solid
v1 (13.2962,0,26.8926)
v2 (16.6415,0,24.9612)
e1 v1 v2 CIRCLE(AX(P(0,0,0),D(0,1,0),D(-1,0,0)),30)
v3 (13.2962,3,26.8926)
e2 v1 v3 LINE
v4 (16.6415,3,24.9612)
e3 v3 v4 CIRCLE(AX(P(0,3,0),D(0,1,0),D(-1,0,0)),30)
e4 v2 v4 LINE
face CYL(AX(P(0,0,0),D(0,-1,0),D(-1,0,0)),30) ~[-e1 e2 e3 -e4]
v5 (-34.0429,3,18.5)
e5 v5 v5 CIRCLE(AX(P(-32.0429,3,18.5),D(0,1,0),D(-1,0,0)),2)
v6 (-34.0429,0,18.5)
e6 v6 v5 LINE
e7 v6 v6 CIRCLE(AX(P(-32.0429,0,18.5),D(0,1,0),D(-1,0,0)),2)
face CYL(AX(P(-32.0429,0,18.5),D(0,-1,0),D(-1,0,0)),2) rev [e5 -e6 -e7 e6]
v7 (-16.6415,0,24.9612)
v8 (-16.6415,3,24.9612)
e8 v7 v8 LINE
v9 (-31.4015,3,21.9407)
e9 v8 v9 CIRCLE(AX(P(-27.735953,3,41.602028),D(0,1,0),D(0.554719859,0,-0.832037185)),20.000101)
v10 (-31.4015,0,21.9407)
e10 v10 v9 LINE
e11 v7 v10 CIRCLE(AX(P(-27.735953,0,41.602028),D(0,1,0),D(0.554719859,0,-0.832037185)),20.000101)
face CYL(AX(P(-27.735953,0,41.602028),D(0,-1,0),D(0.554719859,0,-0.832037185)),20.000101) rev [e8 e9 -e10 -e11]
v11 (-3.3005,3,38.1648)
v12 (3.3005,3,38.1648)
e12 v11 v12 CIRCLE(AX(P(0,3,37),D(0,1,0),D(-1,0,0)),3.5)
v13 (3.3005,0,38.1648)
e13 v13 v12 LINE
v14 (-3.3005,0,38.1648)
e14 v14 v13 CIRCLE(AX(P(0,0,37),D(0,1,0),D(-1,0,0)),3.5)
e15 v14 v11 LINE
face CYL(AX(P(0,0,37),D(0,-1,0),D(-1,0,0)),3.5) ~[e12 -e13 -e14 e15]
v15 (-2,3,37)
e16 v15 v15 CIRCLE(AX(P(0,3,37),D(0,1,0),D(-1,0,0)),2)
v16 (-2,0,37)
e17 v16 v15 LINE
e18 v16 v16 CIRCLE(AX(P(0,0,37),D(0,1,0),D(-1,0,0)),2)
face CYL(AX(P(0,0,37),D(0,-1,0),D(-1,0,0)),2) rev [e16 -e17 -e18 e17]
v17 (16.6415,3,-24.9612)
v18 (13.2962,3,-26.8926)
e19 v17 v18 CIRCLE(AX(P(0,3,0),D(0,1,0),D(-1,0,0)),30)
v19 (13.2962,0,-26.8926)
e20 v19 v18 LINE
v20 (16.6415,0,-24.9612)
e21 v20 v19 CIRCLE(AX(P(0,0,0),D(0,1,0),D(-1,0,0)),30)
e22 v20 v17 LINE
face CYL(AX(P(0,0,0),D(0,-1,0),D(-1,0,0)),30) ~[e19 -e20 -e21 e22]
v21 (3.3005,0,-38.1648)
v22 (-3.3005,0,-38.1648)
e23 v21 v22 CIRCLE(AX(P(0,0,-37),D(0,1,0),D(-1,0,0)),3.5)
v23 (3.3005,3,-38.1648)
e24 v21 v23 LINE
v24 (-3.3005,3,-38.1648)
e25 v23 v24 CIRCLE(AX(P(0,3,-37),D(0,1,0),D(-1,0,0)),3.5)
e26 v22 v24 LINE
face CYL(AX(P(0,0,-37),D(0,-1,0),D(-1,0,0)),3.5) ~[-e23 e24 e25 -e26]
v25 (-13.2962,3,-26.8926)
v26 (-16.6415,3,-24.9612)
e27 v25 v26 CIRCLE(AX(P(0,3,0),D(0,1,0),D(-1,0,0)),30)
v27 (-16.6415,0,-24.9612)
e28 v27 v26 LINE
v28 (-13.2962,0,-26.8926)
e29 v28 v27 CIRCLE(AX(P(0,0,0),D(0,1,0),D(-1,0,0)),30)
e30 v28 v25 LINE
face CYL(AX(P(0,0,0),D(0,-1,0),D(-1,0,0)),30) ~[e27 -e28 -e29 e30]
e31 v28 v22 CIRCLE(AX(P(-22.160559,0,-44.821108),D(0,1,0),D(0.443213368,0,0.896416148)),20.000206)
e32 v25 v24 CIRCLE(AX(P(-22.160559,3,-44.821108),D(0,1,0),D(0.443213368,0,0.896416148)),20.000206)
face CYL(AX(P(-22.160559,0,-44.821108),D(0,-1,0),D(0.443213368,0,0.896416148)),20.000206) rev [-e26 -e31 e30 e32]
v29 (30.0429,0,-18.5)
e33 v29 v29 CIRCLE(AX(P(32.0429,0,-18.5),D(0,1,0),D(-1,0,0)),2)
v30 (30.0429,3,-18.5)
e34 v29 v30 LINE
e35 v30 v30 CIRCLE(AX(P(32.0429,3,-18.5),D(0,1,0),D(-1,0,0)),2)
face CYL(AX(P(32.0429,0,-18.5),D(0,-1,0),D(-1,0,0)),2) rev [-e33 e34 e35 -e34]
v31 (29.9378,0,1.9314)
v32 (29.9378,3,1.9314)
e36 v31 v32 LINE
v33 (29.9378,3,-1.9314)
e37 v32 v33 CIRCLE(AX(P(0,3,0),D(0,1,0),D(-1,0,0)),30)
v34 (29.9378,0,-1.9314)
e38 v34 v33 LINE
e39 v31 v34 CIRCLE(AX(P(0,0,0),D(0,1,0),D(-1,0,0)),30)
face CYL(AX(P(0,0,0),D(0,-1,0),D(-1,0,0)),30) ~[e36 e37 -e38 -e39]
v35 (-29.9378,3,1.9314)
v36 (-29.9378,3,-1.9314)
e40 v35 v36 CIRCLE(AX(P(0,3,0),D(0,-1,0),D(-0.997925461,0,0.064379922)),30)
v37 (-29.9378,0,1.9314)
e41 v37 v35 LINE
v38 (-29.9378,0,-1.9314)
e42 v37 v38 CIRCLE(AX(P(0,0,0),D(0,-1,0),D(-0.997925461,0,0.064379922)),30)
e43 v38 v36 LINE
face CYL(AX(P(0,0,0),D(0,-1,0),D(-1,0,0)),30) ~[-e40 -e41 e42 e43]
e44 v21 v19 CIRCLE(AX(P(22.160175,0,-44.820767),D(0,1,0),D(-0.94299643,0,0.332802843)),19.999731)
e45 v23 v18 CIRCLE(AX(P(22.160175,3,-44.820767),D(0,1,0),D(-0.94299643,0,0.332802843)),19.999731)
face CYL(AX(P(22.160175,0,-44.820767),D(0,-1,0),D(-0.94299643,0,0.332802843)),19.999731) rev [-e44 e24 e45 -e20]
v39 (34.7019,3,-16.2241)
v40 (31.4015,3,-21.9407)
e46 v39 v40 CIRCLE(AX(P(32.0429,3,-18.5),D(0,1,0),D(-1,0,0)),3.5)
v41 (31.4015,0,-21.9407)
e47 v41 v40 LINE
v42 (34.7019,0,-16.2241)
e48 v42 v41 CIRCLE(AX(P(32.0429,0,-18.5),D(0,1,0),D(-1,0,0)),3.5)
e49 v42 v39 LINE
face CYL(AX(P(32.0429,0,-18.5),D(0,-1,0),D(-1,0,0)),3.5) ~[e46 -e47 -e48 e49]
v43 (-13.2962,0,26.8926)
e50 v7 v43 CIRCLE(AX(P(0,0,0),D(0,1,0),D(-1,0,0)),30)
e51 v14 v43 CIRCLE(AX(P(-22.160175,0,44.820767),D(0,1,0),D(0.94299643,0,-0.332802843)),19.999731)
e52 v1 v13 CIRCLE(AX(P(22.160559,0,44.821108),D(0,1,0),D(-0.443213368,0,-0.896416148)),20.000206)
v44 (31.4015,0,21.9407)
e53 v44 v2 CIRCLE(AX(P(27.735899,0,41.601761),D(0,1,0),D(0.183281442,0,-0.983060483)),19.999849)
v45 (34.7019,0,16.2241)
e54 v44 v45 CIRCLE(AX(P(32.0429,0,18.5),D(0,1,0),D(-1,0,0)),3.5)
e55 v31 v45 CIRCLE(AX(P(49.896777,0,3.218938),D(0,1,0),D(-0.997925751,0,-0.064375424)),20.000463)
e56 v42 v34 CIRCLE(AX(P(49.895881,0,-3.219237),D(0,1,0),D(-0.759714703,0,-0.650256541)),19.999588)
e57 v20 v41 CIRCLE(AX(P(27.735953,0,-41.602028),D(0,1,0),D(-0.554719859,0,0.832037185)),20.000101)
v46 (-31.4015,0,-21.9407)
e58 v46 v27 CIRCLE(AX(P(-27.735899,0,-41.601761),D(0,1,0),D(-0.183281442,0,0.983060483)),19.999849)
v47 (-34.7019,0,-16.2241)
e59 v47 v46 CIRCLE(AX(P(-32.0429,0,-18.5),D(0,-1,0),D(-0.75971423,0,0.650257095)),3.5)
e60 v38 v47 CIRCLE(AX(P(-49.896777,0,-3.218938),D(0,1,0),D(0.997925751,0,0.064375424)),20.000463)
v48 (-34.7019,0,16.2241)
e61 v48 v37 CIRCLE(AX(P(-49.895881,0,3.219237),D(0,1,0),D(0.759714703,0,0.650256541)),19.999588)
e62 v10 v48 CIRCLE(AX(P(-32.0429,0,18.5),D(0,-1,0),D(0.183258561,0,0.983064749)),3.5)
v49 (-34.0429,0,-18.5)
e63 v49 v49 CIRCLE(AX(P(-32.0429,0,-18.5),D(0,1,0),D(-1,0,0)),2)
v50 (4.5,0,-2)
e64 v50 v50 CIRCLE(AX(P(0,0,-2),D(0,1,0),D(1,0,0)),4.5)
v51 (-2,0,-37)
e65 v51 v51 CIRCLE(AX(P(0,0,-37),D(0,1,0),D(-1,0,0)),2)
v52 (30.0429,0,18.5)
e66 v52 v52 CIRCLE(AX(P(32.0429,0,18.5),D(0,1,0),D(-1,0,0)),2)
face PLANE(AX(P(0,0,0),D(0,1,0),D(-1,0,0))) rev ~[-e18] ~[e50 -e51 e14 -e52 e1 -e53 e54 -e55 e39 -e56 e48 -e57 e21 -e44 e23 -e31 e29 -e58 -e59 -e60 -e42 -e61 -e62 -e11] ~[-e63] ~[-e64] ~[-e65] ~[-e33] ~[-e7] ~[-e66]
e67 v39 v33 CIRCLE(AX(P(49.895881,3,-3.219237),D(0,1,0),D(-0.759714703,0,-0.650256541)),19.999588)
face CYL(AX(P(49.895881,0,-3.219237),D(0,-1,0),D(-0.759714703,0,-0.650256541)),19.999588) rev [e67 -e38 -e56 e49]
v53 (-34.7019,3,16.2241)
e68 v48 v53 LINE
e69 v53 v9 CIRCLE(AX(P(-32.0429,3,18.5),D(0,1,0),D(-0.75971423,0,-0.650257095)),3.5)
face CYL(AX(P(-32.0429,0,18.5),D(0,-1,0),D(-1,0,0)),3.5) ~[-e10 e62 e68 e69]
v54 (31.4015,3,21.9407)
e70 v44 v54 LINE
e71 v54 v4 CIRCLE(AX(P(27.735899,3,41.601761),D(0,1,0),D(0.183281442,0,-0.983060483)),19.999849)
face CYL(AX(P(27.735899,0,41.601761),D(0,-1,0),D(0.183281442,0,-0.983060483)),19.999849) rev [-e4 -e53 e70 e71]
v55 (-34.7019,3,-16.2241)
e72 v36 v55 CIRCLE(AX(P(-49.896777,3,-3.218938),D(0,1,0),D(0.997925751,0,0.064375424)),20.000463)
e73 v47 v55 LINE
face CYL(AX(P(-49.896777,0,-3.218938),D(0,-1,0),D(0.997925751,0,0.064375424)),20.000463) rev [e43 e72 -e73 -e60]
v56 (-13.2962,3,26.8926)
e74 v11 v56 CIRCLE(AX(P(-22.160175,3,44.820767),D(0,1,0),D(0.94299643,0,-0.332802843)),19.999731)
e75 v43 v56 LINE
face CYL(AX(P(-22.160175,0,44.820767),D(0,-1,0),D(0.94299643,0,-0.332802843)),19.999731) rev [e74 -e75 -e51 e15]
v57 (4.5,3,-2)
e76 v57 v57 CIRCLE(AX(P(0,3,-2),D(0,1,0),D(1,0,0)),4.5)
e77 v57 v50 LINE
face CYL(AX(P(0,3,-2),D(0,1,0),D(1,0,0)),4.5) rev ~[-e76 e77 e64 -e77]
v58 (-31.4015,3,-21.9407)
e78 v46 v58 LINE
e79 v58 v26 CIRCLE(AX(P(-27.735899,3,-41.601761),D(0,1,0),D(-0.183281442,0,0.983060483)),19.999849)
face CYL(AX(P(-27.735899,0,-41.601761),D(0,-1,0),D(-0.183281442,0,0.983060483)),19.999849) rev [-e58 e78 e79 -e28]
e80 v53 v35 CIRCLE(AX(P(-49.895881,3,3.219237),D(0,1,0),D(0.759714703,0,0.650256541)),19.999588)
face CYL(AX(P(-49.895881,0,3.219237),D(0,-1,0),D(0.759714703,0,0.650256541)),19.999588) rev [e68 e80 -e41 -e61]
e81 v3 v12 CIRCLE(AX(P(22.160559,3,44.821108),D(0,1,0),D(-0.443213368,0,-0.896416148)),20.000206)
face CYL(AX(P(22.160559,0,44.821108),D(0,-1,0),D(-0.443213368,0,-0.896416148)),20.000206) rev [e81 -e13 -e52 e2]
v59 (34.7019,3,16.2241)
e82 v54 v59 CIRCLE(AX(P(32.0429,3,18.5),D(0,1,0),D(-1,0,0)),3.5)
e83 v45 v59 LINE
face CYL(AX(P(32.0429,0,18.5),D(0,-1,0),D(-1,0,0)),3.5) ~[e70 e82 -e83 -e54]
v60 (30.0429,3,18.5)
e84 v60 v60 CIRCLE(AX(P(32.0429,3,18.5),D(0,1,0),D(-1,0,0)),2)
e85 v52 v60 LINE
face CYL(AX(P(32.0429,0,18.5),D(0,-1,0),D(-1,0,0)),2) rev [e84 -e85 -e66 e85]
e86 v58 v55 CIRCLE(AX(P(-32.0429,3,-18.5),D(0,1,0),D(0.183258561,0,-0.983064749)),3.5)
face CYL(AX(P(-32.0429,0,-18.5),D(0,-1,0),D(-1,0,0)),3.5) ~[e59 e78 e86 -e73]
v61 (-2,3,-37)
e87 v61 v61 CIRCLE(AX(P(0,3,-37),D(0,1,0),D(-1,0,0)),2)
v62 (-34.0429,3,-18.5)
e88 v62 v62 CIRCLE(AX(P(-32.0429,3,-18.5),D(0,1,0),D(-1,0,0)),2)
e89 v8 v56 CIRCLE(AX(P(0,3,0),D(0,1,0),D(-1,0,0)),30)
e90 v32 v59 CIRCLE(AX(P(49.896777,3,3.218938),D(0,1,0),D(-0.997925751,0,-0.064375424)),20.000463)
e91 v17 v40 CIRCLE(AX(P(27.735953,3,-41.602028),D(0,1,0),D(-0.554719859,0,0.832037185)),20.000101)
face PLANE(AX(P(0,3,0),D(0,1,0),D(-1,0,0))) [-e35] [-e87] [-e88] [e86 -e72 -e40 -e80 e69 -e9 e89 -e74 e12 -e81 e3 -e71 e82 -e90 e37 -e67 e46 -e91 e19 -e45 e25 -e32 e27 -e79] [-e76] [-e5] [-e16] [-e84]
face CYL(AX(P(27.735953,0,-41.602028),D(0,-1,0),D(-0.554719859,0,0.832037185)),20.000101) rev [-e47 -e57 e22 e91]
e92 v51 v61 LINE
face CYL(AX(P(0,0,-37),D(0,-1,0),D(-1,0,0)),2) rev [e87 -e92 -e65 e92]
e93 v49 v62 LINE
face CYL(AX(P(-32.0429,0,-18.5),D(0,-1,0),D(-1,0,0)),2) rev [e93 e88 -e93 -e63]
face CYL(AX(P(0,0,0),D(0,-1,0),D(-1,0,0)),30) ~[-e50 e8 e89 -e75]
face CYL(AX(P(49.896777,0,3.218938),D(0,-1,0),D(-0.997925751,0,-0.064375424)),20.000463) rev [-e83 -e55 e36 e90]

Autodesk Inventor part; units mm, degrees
ref_plane "XZ Plane" through (0, 0, 0) normal (0, 1, 0) x (-1, 0, 0)
sketch "Sketch1" plane through (0, 0, 0) normal (0, 1, 0) x (-1, 0, 0)
  circle A0 centre (0, 0) radius 30
  circle A1 centre (0, 0) radius 27.5
  circle A2 centre (0, -37) radius 3.5
  arc A3 (13.2962, -26.8926) -> (3.3005, -38.1648) centre (22.1604, -44.8209) ccw
  line L0 (0, -39.6745) -> (0, -15.9391) construction
  arc A4 (-3.3005, -38.1648) -> (-13.2962, -26.8926) centre (-22.1604, -44.8209) ccw
  line L1 (47.8103, 0) -> (-62.0389, 0) construction
  circle A5 centre (0, -37) radius 2
  circle A6 centre (32.0429, -18.5) radius 3.5
  circle A7 centre (32.0429, -18.5) radius 2
  arc A8 (31.4015, -21.9407) -> (16.6415, -24.9612) centre (27.7359, -41.6019) ccw
  arc A9 (29.9378, -1.9314) -> (34.7019, -16.2241) centre (49.8963, -3.219) ccw
  circle A10 centre (32.0429, 18.5) radius 3.5
  circle A11 centre (32.0429, 18.5) radius 2
  arc A12 (34.7019, 16.2241) -> (29.9378, 1.9314) centre (49.8963, 3.219) ccw
  arc A13 (16.6415, 24.9612) -> (31.4015, 21.9407) centre (27.7359, 41.6019) ccw
  circle A14 centre (0, 37) radius 3.5
  circle A15 centre (0, 37) radius 2
  arc A16 (3.3005, 38.1648) -> (13.2962, 26.8926) centre (22.1604, 44.8209) ccw
  arc A17 (-13.2962, 26.8926) -> (-3.3005, 38.1648) centre (-22.1604, 44.8209) ccw
  circle A18 centre (-32.0429, 18.5) radius 3.5
  circle A19 centre (-32.0429, 18.5) radius 2
  arc A20 (-31.4015, 21.9407) -> (-16.6415, 24.9612) centre (-27.7359, 41.6019) ccw
  arc A21 (-29.9378, 1.9314) -> (-34.7019, 16.2241) centre (-49.8963, 3.219) ccw
  circle A22 centre (-32.0429, -18.5) radius 3.5
  circle A23 centre (-32.0429, -18.5) radius 2
  arc A24 (-34.7019, -16.2241) -> (-29.9378, -1.9314) centre (-49.8963, -3.219) ccw
  arc A25 (-16.6415, -24.9612) -> (-31.4015, -21.9407) centre (-27.7359, -41.6019) ccw
  point P0 (29.9378, 1.9314)
  point P1 (34.7019, 16.2241)
  point P2 (16.6415, 24.9612)
  point P3 (13.2962, 26.8926)
  point P4 (3.3005, 38.1648)
  point P5 (-13.2962, 26.8926)
  point P6 (-29.9378, 1.9314)
  point P7 (-29.9378, -1.9314)
  point P8 (-16.6415, -24.9612)
  point P9 (-13.2962, -26.8926)
  point P10 (-3.3005, -38.1648)
  point P11 (16.6415, -24.9612)
  point P12 (31.4015, -21.9407)
  point P13 (29.9378, -1.9314)
  dimension "d16" = 60
  dimension "d18" = 7
  dimension "d17" = 55
  dimension "d19" = 37
  dimension "d21" = 20
  dimension "d22" = 4
  dimension "d25" = 360
extrude "Extrusion5" add sketch "Sketch1" along normal blind 3
extrude "Extrusion6" add sketch "Sketch1" along normal blind 3 contours A1
sketch "Sketch10" plane through (0, 3, 0) normal (0, 1, 0) x (1, 0, 0)
  circle A0 centre (0, 2) radius 4.5
  circle A1 centre (0, 2) radius 22.5
  point P0 (0, 0)
  dimension "d58" = 9
  dimension "d59" = 45
  dimension "d60" = 2
extrude "Extrusion12" cut sketch "Sketch10" against normal blind 20.25 contours A0
properties part number "carcaza motor"
